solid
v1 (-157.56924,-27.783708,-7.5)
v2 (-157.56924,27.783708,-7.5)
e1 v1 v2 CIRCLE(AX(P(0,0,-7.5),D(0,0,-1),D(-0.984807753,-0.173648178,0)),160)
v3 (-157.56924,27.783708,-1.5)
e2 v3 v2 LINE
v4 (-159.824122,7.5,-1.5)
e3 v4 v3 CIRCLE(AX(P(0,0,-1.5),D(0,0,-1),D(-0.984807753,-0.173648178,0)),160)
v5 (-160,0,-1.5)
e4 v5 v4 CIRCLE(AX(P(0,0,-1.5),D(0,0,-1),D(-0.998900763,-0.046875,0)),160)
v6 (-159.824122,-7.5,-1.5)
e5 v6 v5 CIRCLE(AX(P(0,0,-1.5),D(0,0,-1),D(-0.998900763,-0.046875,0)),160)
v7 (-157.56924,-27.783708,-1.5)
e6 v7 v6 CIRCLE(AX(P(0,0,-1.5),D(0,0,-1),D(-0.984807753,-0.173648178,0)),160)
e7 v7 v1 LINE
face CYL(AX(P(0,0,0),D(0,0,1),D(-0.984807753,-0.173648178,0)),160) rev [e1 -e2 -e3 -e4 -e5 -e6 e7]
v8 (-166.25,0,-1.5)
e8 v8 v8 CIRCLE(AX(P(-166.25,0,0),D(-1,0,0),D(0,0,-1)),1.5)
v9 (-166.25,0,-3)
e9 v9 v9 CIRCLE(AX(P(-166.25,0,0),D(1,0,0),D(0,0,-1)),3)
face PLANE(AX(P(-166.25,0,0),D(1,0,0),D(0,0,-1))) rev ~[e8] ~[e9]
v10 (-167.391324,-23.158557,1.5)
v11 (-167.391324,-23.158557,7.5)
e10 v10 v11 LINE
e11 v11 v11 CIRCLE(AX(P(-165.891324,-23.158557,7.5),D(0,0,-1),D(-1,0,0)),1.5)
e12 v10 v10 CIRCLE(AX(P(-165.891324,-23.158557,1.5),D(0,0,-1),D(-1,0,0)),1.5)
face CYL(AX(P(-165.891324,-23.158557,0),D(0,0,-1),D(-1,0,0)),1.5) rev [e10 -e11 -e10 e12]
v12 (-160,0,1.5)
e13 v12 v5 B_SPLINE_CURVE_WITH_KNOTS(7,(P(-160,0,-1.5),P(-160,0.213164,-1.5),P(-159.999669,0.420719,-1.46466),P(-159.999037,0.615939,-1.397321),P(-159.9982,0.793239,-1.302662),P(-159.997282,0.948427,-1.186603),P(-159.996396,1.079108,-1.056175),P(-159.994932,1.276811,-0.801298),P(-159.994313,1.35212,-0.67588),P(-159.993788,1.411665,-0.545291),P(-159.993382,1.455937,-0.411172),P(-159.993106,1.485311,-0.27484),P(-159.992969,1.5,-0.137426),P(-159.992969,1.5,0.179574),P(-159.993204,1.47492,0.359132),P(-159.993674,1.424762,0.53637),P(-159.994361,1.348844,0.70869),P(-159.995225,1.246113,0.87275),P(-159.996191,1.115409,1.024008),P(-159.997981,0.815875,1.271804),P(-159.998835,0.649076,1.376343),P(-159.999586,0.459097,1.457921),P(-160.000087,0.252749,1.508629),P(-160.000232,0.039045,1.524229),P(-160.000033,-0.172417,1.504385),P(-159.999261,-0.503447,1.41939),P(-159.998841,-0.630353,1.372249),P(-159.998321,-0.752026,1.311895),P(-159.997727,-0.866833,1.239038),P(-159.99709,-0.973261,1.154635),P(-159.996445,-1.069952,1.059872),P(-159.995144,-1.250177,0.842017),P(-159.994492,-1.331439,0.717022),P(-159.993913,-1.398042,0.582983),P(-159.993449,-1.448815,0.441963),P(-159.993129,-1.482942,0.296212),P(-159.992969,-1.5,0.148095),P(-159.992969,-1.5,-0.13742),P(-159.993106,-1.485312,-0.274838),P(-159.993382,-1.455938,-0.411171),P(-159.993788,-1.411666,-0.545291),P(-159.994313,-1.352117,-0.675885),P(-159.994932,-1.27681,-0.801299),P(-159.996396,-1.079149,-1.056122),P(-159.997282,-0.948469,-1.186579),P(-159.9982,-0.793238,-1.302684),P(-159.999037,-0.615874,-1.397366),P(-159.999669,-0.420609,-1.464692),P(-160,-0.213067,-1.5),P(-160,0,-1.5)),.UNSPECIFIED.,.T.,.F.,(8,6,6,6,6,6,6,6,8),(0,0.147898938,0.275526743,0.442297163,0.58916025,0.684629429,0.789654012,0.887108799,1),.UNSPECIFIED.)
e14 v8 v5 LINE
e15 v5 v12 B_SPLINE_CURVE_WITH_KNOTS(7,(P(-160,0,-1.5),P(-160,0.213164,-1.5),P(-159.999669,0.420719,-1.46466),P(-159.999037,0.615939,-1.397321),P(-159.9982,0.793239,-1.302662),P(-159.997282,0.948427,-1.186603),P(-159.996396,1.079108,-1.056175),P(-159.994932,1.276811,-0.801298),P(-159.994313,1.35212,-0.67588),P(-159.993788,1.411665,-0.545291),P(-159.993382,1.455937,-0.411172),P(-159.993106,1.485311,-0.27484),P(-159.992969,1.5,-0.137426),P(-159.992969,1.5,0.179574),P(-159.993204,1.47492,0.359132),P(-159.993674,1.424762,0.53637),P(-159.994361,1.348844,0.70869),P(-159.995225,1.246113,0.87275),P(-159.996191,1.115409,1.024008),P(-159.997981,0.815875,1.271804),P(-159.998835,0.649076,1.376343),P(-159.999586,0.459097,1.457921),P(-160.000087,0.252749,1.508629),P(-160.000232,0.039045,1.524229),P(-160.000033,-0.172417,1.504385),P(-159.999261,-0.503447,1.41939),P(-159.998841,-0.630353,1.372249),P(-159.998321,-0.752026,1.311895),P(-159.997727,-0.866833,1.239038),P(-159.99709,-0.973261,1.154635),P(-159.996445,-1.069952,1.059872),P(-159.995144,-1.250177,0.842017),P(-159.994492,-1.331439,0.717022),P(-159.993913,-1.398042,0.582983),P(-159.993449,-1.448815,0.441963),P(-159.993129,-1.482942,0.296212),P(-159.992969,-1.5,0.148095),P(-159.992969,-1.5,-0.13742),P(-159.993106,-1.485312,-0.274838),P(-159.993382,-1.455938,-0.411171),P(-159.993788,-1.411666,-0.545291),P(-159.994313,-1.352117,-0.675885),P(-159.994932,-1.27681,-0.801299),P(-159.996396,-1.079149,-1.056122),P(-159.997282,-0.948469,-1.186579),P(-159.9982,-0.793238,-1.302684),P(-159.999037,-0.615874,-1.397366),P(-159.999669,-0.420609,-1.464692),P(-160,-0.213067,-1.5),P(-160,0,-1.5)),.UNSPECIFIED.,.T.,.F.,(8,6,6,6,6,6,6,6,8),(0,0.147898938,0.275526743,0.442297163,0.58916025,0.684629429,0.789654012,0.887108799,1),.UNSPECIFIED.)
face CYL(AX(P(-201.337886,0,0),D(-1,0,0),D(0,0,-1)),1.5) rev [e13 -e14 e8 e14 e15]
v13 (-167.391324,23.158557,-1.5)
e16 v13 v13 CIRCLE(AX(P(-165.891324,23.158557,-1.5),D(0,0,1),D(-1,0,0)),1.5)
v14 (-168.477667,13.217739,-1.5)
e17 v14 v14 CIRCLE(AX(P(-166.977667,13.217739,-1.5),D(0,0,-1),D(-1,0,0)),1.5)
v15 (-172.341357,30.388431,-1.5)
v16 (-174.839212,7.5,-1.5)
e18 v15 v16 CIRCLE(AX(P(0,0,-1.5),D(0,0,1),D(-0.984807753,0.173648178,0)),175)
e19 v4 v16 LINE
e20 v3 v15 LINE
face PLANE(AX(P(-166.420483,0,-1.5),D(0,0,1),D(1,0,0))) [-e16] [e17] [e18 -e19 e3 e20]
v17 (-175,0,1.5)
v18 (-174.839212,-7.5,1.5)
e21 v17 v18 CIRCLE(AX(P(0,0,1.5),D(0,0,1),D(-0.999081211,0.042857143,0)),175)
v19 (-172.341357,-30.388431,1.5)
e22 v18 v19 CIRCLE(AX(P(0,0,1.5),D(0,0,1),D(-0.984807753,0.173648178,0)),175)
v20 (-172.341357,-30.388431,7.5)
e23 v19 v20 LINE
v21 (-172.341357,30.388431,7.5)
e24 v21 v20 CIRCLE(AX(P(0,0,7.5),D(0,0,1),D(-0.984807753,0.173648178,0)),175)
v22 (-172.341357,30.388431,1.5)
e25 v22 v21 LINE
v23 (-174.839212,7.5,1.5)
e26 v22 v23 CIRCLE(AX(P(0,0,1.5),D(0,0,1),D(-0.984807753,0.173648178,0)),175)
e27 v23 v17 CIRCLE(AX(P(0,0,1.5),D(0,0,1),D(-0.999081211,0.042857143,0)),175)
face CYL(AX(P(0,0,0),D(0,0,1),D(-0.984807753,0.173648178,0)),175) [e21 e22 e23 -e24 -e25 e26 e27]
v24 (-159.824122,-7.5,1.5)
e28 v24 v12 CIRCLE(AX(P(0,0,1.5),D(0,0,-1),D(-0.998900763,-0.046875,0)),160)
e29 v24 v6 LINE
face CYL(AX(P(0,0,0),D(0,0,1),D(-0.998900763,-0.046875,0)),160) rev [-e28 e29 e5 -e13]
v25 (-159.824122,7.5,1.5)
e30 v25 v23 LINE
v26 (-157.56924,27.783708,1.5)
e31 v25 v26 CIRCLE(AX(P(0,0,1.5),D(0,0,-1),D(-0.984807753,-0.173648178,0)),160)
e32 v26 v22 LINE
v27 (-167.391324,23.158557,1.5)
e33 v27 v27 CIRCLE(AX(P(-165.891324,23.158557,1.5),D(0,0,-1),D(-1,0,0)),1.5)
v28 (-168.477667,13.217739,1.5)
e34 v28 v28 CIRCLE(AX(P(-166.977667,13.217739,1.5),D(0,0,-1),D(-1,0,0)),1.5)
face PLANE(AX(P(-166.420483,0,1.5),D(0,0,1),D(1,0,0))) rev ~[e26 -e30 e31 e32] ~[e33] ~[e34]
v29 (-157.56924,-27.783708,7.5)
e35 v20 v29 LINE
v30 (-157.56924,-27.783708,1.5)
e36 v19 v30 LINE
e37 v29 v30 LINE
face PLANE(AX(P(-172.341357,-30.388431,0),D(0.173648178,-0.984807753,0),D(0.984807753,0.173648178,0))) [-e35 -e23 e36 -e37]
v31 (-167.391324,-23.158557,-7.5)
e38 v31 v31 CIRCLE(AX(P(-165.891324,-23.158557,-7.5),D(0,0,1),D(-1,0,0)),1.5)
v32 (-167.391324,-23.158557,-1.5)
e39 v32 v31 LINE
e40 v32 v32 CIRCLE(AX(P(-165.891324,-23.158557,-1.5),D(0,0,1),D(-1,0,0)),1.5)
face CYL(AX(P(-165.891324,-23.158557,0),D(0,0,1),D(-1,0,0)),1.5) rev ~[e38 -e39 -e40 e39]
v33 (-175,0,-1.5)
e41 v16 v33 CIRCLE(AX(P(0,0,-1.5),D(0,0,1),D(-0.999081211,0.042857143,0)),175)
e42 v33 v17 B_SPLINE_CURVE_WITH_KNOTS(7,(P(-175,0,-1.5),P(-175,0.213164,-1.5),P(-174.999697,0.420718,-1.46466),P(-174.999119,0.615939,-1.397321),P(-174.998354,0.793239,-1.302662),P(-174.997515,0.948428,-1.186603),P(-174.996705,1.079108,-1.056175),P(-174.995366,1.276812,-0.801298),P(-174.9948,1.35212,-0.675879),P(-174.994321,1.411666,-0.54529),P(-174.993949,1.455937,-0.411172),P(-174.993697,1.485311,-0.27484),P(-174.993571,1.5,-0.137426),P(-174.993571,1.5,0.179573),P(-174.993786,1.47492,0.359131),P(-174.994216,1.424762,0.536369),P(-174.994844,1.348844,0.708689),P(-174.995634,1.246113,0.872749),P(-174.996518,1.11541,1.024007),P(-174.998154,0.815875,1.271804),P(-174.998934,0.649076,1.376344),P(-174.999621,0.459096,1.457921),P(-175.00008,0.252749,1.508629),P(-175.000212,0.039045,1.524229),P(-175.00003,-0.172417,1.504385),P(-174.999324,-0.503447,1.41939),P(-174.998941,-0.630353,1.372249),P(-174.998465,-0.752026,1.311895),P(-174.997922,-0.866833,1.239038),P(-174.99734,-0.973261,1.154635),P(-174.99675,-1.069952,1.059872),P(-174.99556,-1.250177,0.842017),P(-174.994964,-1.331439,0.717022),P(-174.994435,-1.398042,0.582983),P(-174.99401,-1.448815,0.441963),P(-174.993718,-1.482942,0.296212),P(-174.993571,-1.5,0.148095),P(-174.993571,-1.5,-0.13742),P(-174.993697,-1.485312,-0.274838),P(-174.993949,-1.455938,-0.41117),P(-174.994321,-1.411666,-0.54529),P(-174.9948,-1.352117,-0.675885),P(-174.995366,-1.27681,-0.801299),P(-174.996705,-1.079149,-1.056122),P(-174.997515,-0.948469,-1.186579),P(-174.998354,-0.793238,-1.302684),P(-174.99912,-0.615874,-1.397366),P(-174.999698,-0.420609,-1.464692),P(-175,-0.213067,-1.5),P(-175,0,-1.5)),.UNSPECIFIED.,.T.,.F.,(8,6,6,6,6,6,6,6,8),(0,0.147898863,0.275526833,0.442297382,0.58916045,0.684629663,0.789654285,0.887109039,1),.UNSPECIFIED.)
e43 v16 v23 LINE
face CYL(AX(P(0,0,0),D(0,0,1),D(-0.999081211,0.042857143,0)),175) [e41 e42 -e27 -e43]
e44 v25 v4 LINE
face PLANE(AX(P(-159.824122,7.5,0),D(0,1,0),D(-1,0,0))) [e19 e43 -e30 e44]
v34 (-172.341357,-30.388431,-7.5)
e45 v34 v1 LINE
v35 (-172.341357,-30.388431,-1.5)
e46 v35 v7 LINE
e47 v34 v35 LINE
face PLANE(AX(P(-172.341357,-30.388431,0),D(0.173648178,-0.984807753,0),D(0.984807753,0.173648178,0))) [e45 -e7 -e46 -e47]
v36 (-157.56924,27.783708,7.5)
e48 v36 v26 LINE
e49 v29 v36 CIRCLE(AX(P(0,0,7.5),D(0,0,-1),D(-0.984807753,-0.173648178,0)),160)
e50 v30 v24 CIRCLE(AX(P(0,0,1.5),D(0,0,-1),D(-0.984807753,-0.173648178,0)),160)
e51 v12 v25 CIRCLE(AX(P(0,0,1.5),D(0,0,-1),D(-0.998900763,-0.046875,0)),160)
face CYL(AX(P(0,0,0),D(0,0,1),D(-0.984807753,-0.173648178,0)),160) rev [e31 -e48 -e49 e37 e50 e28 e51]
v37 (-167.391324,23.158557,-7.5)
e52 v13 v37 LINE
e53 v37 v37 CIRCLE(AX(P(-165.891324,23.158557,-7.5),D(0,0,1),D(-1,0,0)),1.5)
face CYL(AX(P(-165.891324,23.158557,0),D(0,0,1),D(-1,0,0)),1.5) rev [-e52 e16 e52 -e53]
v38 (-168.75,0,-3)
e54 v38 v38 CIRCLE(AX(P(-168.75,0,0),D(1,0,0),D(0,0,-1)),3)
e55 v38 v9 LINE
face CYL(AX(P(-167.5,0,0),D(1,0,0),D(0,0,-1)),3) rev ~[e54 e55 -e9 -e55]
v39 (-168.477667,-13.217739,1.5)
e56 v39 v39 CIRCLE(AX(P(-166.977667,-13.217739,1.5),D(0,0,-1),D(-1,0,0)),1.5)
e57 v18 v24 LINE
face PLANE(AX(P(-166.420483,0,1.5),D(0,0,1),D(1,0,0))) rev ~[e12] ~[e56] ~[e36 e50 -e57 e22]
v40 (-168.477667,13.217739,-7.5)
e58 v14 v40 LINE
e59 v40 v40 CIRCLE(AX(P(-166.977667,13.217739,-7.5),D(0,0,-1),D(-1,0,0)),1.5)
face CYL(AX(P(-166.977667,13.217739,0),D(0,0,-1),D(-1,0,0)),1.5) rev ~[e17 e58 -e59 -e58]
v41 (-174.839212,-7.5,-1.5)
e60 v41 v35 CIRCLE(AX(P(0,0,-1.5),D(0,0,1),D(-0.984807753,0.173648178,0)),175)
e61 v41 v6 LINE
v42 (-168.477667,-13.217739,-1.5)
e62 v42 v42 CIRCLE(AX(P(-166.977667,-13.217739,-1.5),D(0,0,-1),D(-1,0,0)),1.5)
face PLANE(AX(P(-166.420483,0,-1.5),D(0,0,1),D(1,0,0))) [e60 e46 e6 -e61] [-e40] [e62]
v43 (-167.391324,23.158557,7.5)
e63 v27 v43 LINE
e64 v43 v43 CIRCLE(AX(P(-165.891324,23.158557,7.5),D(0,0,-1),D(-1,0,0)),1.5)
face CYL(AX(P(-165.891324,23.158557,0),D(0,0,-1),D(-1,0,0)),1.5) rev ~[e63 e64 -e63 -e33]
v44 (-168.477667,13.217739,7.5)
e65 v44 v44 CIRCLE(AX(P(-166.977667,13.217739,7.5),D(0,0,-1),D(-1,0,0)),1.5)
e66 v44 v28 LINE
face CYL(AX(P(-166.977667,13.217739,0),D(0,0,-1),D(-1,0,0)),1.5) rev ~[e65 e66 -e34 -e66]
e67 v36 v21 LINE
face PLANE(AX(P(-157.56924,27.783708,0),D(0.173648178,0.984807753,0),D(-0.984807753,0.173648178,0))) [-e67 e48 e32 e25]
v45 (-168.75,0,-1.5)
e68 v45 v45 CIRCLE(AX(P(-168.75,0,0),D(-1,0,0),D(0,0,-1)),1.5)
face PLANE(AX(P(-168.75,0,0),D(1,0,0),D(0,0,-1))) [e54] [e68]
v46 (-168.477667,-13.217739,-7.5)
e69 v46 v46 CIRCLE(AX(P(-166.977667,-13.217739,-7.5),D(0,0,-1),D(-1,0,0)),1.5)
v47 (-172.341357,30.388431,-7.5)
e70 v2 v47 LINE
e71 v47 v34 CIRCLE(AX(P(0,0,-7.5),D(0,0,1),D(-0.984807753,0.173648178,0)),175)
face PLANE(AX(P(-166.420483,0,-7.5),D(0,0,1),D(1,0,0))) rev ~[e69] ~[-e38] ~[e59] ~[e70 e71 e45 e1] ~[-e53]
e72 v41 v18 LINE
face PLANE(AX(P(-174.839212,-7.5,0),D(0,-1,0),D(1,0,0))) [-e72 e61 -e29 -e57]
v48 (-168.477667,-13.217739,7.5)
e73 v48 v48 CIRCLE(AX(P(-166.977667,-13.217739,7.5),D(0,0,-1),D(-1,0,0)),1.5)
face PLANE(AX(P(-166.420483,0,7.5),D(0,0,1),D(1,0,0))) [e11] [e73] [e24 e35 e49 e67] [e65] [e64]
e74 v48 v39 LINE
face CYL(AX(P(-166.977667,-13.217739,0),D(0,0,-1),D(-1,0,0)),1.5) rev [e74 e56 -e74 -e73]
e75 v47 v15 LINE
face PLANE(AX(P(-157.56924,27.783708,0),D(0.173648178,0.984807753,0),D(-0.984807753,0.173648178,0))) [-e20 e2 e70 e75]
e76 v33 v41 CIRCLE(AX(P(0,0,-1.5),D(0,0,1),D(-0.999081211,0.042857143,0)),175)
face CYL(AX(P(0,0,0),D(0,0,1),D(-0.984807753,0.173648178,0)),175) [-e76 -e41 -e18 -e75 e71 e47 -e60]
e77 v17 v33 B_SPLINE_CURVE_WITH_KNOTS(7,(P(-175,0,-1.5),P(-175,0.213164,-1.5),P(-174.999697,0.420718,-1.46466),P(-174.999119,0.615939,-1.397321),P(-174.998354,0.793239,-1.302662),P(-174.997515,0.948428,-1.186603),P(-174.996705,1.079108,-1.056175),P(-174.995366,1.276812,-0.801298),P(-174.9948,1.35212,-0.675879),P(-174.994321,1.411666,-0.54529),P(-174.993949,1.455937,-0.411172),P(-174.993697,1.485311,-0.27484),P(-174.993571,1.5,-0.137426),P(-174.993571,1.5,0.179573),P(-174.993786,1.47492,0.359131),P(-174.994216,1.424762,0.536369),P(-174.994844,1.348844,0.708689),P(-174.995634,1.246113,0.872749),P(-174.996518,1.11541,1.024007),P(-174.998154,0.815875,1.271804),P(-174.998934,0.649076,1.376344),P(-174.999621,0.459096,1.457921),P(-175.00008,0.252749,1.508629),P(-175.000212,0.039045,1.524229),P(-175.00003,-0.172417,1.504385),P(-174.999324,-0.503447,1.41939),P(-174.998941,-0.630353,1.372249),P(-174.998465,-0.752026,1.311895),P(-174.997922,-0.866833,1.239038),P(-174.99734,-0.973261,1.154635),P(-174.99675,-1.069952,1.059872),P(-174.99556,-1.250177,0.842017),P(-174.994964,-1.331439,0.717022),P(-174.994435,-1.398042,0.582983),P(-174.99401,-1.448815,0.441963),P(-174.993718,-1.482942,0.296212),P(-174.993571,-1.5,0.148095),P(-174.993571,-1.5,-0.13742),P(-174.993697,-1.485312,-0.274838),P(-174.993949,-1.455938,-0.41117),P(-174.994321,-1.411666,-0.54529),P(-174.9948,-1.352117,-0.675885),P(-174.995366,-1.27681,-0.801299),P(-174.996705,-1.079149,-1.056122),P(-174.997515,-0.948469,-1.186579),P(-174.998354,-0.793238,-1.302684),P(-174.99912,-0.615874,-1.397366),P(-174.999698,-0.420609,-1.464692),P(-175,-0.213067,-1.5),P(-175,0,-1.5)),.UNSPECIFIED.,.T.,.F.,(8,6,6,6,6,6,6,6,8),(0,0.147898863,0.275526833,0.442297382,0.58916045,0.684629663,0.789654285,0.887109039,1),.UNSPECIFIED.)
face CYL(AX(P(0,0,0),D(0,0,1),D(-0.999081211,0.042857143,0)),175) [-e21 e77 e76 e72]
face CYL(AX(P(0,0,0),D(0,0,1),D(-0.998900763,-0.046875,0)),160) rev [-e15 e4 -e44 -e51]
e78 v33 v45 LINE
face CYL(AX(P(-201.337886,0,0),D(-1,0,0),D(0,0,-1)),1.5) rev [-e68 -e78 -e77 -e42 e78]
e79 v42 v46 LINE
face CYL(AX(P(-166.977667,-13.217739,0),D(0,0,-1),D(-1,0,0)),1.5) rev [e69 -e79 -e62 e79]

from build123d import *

# Parameters (mm, degrees)
BOSS_EXTRUDE3_DEPTH   = 7.5
CUT_EXTRUDE4_DEPTH    = 1.5
BOSS_EXTRUDE5_DEPTH   = 1.5
SKETCH4_R             = 3
BEARING_HOLE_DEPTH    = 1.25
SHAFT_HOLE_DEPTH      = 33.837885572
SHAFT_HOLE_DEPTH_BACK = 33.837885572
SKETCH7_R             = 1.5
SKETCH3_R             = 1.5
MOUNT_HOLE_DEPTH      = 178.777126728


with BuildPart() as part:
    # Sketch1 → Boss-Extrude3 (new, symmetric)
    with BuildSketch(Plane.XY):
        with BuildLine():
            ThreePointArc((-157.569240482, -27.783708427), (-160, 0), (-157.569240482, 27.783708427))
            Line((-157.569240482, 27.783708427), (-172.341356777, 30.388431092))
            ThreePointArc((-172.341356777, 30.388431092), (-175, 0), (-172.341356777, -30.388431092))
            Line((-172.341356777, -30.388431092), (-157.569240482, -27.783708427))
        make_face()
    extrude(amount=BOSS_EXTRUDE3_DEPTH, both=True)

    # Sketch1<6> → Cut-Extrude4 (cut, symmetric)
    with BuildSketch(Plane.XY):
        with BuildLine():
            Line((-157.569240482, 27.783708427), (-172.341356777, 30.388431092))
            ThreePointArc((-172.341356777, 30.388431092), (-175, 0), (-172.341356777, -30.388431092))
            Line((-172.341356777, -30.388431092), (-157.569240482, -27.783708427))
            ThreePointArc((-157.569240482, -27.783708427), (-160, 0), (-157.569240482, 27.783708427))
        make_face()
    extrude(amount=CUT_EXTRUDE4_DEPTH, both=True, mode=Mode.SUBTRACT)


with BuildPart() as cut_extrude4_piece_1:
    # of the separate pieces the step leaves, piece 1, a body of its own (cut_extrude4_pieces)
    add(part.part.solids().sort_by_distance((-157.569240482, -27.783708427, -1.5))[0])



with BuildPart() as cut_extrude4_piece_2:
    # of the separate pieces the step leaves, piece 2, a body of its own (cut_extrude4_pieces)
    add(part.part.solids().sort_by_distance((-157.569240482, -27.783708427, 7.5))[0])


with BuildPart() as cut_extrude4_piece_1_1:
    add(cut_extrude4_piece_1.part)

    add(cut_extrude4_piece_2.part)  # Boss-Extrude5 merges Cut-Extrude4 piece 2
    # Sketch6 → Boss-Extrude5 (add, symmetric)
    with BuildSketch(Plane.XY):
        with BuildLine():
            Line((-159.824122084, 7.5), (-174.839211849, 7.5))
            ThreePointArc((-174.839211849, 7.5), (-175, 0), (-174.839211849, -7.5))
            Line((-174.839211849, -7.5), (-159.824122084, -7.5))
            ThreePointArc((-159.824122084, -7.5), (-160, 0), (-159.824122084, 7.5))
        make_face()
    extrude(amount=BOSS_EXTRUDE5_DEPTH, both=True)

    # Sketch4 → bearing hole (cut, symmetric)
    with BuildSketch(Plane(origin=(-167.5, 0, 0), x_dir=(0, 0, -1), z_dir=(1, 0, 0))):
        Circle(SKETCH4_R)
    extrude(amount=BEARING_HOLE_DEPTH, both=True, mode=Mode.SUBTRACT)

    # Sketch7 → shaft hole (cut, two sides: drawn at the far end of the back side and taken through both)
    with BuildSketch(Plane(origin=(-167.5, 0, 0), x_dir=(0, 0, -1), z_dir=(1, 0, 0)).offset(-SHAFT_HOLE_DEPTH_BACK)):
        Circle(SKETCH7_R)
    extrude(amount=SHAFT_HOLE_DEPTH + SHAFT_HOLE_DEPTH_BACK, mode=Mode.SUBTRACT)

    # Sketch3 → mount hole (cut, symmetric)
    with BuildSketch(Plane(origin=(0, 0, 0), x_dir=(-1, 0, 0), z_dir=(0, 0, -1))):
        with Locations((165.891323638, 23.158556552)):
            Circle(SKETCH3_R)
        with Locations((166.977667312, 13.217738807)):
            Circle(SKETCH3_R)
    mount_hole = extrude(amount=MOUNT_HOLE_DEPTH, both=True, mode=Mode.SUBTRACT)

    # Mirror1: mount hole across plane
    add(mount_hole.mirror(Plane.ZX), mode=Mode.SUBTRACT)


solid = cut_extrude4_piece_1_1.part
